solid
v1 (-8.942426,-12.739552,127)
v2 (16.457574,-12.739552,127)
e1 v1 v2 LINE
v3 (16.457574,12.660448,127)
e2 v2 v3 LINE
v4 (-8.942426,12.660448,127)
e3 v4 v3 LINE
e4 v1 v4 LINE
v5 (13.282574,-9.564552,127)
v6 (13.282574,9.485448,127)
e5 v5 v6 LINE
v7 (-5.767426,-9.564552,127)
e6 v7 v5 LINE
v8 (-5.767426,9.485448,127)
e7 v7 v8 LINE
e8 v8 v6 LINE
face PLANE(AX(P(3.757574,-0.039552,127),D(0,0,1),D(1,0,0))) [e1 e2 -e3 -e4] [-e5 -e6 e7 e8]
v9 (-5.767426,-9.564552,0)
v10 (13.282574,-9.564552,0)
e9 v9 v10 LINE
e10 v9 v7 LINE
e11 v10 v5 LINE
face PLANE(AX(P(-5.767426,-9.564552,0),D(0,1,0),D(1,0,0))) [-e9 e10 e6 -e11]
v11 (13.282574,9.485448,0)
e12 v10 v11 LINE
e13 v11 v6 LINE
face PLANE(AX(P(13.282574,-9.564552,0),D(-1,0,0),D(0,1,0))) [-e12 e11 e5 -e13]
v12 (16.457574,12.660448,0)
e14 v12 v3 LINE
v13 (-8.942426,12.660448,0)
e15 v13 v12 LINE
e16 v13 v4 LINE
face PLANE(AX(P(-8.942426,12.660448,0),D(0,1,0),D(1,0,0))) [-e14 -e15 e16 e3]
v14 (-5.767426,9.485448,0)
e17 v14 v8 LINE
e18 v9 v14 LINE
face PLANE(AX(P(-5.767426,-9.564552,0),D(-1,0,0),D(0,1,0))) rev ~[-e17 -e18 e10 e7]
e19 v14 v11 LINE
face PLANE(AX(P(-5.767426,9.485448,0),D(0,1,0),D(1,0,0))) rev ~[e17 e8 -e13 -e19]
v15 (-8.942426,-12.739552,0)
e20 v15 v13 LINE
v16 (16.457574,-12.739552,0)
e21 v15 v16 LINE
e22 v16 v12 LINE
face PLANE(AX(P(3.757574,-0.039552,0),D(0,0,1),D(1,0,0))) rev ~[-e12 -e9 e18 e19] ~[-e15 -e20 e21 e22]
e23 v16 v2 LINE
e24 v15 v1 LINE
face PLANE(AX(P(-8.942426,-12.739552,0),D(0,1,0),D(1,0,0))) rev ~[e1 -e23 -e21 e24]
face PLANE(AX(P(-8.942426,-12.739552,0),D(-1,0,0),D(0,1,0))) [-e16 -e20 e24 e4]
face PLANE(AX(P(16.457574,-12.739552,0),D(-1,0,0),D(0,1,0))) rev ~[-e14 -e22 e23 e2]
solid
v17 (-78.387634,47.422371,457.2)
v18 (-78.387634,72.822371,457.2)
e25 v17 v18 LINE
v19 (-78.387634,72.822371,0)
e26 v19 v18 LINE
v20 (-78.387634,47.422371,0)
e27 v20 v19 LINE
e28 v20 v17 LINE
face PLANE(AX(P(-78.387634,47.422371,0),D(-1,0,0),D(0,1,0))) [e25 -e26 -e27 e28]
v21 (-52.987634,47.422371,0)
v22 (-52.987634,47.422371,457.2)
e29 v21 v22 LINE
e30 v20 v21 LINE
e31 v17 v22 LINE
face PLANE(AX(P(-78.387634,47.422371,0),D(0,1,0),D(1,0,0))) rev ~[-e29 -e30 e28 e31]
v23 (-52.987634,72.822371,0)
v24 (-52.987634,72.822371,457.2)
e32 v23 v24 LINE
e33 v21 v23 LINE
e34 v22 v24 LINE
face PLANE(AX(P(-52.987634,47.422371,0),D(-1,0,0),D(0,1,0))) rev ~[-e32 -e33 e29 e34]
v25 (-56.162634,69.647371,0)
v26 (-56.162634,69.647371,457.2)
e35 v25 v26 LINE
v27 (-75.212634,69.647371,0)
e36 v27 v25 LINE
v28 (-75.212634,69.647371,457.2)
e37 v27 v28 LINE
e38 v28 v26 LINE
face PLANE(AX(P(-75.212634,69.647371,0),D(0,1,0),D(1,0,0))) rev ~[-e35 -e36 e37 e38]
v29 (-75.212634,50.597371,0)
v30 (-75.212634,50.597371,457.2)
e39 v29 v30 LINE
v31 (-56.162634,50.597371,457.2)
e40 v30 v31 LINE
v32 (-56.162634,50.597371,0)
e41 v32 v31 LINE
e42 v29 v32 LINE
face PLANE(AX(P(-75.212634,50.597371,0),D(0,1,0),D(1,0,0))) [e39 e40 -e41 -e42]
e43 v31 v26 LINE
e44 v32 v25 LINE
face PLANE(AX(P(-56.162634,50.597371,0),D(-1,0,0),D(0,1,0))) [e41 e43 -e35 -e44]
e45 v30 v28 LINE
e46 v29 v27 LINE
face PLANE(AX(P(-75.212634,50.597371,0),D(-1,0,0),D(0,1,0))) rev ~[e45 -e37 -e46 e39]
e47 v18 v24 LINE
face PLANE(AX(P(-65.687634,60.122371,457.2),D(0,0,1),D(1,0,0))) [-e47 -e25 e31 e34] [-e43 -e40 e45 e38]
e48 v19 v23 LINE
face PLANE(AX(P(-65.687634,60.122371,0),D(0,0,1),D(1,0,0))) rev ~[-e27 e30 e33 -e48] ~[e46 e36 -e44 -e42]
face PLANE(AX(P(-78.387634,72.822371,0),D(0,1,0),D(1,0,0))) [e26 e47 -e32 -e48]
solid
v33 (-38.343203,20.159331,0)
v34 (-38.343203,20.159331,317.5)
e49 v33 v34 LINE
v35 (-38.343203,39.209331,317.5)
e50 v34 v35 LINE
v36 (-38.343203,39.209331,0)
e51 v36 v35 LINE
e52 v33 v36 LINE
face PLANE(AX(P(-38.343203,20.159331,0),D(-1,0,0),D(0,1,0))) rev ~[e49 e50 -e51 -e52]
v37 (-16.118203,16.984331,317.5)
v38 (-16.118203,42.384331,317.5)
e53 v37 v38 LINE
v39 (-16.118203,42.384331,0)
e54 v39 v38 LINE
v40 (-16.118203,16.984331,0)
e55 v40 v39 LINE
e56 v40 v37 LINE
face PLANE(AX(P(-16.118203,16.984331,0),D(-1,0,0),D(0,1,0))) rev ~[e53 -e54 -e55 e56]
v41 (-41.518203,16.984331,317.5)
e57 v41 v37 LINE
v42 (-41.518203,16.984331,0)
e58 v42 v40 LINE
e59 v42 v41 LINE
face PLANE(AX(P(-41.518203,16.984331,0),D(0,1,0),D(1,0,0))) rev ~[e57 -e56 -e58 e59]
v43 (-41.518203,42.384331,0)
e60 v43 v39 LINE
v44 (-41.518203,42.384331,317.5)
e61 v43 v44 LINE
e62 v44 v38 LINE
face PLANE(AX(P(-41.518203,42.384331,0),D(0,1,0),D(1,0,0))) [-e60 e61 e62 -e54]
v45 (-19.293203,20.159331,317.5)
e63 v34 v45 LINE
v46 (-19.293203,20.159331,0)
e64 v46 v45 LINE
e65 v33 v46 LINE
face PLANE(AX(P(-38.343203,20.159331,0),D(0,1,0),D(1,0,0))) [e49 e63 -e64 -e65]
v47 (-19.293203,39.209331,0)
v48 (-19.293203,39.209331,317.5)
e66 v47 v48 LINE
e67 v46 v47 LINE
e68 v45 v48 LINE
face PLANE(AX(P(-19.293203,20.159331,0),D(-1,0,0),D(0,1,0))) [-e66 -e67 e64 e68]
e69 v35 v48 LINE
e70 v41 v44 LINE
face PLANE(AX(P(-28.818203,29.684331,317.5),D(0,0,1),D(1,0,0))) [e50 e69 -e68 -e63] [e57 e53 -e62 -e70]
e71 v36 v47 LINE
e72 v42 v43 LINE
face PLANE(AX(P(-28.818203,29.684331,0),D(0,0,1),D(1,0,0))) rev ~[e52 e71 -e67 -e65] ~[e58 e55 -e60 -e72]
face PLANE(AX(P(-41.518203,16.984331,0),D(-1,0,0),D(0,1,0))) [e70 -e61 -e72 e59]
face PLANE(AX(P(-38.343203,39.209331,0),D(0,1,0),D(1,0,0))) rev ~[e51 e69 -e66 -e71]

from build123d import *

# Parameters (mm, degrees)
F0_W     = 25.4
F0_H     = 25.4
F0_W_2   = 19.05
F0_H_2   = 19.05
F1_DEPTH = 457.2
F2_DEPTH = 317.5
F3_DEPTH = 127


with BuildPart() as f1:
    # F0 (on Top) → F1 (new body)
    with BuildSketch(Plane.XY):
        with Locations((-65.687634, 60.122371)):
            Rectangle(F0_W, F0_H)
        with Locations((-65.687634, 60.122371)):
            Rectangle(F0_W_2, F0_H_2, mode=Mode.SUBTRACT)
    extrude(amount=F1_DEPTH)


with BuildPart() as f2:
    # F0 (on Top) → F2 (new body)
    with BuildSketch(Plane.XY):
        with Locations((-28.818203, 29.684331)):
            Rectangle(F0_W, F0_H)
        with Locations((-28.818203, 29.684331)):
            Rectangle(F0_W_2, F0_H_2, mode=Mode.SUBTRACT)
    extrude(amount=F2_DEPTH)


with BuildPart() as f3:
    # F0 (on Top) → F3 (new body)
    with BuildSketch(Plane.XY):
        with Locations((3.757574, -0.039552)):
            Rectangle(F0_W, F0_H)
        with Locations((3.757574, -0.039552)):
            Rectangle(F0_W_2, F0_H_2, mode=Mode.SUBTRACT)
    extrude(amount=F3_DEPTH)


solid = Compound([f1.part, f2.part, f3.part])
